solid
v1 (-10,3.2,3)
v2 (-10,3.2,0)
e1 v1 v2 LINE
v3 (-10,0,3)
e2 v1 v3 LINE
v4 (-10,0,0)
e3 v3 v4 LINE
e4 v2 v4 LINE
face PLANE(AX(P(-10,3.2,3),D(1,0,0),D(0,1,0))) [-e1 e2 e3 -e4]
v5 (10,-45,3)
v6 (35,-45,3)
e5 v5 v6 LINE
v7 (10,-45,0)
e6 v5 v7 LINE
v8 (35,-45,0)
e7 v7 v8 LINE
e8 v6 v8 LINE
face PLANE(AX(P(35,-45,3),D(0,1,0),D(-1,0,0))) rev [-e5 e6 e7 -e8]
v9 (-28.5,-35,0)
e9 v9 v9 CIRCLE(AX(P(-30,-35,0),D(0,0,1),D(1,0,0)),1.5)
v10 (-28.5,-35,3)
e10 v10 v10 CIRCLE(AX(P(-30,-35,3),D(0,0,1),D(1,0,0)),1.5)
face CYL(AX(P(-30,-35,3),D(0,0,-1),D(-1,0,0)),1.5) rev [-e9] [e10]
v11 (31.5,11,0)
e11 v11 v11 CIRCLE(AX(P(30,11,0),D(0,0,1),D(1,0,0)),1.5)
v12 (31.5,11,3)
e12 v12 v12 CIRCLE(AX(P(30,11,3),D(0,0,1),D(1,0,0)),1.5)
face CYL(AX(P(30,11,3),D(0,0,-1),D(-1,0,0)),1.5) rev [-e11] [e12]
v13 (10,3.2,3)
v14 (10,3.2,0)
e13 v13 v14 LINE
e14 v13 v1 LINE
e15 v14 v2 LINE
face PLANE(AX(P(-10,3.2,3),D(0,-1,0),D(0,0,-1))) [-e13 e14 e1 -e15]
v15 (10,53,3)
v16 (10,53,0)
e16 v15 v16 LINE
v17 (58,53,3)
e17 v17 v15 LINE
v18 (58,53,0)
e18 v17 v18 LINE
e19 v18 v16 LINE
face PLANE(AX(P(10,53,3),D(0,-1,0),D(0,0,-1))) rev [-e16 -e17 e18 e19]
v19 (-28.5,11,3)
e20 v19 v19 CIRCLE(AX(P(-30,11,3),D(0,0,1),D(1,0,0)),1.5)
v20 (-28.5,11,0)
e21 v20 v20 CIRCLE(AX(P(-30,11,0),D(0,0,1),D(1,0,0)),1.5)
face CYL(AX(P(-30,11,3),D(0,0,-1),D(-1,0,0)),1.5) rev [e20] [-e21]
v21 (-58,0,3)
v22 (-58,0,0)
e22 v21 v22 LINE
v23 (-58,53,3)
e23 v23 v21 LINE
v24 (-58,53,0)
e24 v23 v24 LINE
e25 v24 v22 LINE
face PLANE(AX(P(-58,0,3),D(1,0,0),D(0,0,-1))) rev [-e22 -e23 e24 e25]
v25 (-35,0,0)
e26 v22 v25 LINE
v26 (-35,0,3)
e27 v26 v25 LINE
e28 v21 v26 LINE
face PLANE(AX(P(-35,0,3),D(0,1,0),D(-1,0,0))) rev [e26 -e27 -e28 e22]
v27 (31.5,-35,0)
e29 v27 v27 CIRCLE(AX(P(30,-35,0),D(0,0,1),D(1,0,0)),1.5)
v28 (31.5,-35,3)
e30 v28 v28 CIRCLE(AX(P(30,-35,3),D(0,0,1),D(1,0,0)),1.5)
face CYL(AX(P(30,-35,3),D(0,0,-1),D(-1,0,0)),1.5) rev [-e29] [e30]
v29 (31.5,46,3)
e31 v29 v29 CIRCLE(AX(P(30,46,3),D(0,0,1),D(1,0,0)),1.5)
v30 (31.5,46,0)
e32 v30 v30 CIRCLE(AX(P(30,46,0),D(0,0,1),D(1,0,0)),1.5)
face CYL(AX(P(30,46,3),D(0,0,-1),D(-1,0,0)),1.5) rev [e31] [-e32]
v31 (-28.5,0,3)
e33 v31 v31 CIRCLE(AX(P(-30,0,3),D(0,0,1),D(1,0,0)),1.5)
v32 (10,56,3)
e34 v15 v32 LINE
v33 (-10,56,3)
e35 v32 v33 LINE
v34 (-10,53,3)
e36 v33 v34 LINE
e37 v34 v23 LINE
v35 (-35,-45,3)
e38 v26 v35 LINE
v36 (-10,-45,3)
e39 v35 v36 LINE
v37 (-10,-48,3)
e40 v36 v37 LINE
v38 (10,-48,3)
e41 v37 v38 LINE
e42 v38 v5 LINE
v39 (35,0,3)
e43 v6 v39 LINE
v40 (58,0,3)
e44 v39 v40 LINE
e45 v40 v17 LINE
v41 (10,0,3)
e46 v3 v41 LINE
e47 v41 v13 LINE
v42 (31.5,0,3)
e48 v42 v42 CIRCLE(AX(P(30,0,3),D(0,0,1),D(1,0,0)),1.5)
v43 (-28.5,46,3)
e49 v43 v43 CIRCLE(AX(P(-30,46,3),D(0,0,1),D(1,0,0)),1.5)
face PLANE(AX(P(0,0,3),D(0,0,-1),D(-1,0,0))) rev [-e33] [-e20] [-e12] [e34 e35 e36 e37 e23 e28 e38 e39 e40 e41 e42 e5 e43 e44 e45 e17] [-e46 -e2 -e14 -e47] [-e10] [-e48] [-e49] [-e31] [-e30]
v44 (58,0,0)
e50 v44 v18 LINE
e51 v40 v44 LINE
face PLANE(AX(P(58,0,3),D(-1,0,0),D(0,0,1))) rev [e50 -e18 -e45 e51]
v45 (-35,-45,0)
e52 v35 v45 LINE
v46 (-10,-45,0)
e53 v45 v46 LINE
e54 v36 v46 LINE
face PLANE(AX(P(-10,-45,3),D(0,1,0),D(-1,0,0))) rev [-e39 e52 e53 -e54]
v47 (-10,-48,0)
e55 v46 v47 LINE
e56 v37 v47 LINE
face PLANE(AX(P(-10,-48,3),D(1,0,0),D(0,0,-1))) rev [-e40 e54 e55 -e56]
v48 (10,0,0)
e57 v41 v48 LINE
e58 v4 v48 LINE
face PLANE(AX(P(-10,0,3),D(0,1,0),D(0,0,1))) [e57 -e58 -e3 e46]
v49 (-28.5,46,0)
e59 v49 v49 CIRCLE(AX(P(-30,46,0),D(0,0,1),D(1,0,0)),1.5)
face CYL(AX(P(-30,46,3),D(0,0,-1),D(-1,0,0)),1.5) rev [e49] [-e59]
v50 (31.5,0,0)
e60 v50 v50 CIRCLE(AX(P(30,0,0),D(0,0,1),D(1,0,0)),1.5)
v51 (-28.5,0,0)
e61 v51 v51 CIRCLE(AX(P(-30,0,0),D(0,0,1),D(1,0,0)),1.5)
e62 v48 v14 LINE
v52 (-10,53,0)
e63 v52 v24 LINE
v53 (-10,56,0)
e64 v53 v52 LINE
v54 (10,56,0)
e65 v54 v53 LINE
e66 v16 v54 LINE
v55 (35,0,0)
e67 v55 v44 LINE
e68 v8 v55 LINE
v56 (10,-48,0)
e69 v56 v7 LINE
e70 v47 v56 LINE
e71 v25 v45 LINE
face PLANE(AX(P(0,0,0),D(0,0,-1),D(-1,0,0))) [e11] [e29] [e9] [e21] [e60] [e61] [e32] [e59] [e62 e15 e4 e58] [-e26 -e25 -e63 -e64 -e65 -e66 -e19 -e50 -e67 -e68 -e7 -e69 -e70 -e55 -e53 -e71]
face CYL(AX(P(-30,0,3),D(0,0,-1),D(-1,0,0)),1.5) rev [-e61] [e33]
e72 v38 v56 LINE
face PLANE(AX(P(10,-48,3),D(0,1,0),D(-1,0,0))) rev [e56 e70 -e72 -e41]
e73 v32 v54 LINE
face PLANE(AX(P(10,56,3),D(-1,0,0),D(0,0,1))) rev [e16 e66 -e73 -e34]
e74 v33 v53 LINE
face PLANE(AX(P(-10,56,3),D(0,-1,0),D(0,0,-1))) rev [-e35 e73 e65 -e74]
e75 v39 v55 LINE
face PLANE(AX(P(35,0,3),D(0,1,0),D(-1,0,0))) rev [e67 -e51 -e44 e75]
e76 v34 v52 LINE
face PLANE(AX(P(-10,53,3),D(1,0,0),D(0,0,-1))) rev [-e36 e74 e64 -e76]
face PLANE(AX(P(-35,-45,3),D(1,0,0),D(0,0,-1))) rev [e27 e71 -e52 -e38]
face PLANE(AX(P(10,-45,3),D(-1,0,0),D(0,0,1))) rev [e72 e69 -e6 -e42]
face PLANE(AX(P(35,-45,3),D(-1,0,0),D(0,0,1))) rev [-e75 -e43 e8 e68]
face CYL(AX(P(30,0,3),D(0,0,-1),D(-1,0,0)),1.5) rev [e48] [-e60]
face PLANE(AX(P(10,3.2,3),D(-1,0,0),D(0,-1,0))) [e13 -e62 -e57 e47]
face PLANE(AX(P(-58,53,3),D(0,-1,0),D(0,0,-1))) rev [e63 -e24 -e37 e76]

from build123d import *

# Parameters (mm, degrees)
SKETCH1_R           = 1.5
SKETCH1_W           = 20
SKETCH1_H           = 3.2
BOSS_EXTRUDE1_DEPTH = 3


with BuildPart() as part:
    # Sketch1 → Boss-Extrude1 (new body)
    with BuildSketch(Plane.XY):
        Polygon((10, -48), (-10, -48), (-10, -45), (-35, -45), (-35, 0), (-58, 0), (-58, 53), (-10, 53), (-10, 56), (10, 56), (10, 53), (58, 53), (58, 0), (35, 0), (35, -45), (10, -45), align=None)
        with Locations((-30, 0)):
            Circle(SKETCH1_R, mode=Mode.SUBTRACT)
        with Locations((-30, -35)):
            Circle(SKETCH1_R, mode=Mode.SUBTRACT)
        with Locations((30, 0)):
            Circle(SKETCH1_R, mode=Mode.SUBTRACT)
        with Locations((30, -35)):
            Circle(SKETCH1_R, mode=Mode.SUBTRACT)
        with Locations((-30, 11)):
            Circle(SKETCH1_R, mode=Mode.SUBTRACT)
        with Locations((-30, 46)):
            Circle(SKETCH1_R, mode=Mode.SUBTRACT)
        with Locations((30, 46)):
            Circle(SKETCH1_R, mode=Mode.SUBTRACT)
        with Locations((30, 11)):
            Circle(SKETCH1_R, mode=Mode.SUBTRACT)
        with Locations((0, 1.6)):
            Rectangle(SKETCH1_W, SKETCH1_H, mode=Mode.SUBTRACT)
    extrude(amount=BOSS_EXTRUDE1_DEPTH)


solid = part.part
